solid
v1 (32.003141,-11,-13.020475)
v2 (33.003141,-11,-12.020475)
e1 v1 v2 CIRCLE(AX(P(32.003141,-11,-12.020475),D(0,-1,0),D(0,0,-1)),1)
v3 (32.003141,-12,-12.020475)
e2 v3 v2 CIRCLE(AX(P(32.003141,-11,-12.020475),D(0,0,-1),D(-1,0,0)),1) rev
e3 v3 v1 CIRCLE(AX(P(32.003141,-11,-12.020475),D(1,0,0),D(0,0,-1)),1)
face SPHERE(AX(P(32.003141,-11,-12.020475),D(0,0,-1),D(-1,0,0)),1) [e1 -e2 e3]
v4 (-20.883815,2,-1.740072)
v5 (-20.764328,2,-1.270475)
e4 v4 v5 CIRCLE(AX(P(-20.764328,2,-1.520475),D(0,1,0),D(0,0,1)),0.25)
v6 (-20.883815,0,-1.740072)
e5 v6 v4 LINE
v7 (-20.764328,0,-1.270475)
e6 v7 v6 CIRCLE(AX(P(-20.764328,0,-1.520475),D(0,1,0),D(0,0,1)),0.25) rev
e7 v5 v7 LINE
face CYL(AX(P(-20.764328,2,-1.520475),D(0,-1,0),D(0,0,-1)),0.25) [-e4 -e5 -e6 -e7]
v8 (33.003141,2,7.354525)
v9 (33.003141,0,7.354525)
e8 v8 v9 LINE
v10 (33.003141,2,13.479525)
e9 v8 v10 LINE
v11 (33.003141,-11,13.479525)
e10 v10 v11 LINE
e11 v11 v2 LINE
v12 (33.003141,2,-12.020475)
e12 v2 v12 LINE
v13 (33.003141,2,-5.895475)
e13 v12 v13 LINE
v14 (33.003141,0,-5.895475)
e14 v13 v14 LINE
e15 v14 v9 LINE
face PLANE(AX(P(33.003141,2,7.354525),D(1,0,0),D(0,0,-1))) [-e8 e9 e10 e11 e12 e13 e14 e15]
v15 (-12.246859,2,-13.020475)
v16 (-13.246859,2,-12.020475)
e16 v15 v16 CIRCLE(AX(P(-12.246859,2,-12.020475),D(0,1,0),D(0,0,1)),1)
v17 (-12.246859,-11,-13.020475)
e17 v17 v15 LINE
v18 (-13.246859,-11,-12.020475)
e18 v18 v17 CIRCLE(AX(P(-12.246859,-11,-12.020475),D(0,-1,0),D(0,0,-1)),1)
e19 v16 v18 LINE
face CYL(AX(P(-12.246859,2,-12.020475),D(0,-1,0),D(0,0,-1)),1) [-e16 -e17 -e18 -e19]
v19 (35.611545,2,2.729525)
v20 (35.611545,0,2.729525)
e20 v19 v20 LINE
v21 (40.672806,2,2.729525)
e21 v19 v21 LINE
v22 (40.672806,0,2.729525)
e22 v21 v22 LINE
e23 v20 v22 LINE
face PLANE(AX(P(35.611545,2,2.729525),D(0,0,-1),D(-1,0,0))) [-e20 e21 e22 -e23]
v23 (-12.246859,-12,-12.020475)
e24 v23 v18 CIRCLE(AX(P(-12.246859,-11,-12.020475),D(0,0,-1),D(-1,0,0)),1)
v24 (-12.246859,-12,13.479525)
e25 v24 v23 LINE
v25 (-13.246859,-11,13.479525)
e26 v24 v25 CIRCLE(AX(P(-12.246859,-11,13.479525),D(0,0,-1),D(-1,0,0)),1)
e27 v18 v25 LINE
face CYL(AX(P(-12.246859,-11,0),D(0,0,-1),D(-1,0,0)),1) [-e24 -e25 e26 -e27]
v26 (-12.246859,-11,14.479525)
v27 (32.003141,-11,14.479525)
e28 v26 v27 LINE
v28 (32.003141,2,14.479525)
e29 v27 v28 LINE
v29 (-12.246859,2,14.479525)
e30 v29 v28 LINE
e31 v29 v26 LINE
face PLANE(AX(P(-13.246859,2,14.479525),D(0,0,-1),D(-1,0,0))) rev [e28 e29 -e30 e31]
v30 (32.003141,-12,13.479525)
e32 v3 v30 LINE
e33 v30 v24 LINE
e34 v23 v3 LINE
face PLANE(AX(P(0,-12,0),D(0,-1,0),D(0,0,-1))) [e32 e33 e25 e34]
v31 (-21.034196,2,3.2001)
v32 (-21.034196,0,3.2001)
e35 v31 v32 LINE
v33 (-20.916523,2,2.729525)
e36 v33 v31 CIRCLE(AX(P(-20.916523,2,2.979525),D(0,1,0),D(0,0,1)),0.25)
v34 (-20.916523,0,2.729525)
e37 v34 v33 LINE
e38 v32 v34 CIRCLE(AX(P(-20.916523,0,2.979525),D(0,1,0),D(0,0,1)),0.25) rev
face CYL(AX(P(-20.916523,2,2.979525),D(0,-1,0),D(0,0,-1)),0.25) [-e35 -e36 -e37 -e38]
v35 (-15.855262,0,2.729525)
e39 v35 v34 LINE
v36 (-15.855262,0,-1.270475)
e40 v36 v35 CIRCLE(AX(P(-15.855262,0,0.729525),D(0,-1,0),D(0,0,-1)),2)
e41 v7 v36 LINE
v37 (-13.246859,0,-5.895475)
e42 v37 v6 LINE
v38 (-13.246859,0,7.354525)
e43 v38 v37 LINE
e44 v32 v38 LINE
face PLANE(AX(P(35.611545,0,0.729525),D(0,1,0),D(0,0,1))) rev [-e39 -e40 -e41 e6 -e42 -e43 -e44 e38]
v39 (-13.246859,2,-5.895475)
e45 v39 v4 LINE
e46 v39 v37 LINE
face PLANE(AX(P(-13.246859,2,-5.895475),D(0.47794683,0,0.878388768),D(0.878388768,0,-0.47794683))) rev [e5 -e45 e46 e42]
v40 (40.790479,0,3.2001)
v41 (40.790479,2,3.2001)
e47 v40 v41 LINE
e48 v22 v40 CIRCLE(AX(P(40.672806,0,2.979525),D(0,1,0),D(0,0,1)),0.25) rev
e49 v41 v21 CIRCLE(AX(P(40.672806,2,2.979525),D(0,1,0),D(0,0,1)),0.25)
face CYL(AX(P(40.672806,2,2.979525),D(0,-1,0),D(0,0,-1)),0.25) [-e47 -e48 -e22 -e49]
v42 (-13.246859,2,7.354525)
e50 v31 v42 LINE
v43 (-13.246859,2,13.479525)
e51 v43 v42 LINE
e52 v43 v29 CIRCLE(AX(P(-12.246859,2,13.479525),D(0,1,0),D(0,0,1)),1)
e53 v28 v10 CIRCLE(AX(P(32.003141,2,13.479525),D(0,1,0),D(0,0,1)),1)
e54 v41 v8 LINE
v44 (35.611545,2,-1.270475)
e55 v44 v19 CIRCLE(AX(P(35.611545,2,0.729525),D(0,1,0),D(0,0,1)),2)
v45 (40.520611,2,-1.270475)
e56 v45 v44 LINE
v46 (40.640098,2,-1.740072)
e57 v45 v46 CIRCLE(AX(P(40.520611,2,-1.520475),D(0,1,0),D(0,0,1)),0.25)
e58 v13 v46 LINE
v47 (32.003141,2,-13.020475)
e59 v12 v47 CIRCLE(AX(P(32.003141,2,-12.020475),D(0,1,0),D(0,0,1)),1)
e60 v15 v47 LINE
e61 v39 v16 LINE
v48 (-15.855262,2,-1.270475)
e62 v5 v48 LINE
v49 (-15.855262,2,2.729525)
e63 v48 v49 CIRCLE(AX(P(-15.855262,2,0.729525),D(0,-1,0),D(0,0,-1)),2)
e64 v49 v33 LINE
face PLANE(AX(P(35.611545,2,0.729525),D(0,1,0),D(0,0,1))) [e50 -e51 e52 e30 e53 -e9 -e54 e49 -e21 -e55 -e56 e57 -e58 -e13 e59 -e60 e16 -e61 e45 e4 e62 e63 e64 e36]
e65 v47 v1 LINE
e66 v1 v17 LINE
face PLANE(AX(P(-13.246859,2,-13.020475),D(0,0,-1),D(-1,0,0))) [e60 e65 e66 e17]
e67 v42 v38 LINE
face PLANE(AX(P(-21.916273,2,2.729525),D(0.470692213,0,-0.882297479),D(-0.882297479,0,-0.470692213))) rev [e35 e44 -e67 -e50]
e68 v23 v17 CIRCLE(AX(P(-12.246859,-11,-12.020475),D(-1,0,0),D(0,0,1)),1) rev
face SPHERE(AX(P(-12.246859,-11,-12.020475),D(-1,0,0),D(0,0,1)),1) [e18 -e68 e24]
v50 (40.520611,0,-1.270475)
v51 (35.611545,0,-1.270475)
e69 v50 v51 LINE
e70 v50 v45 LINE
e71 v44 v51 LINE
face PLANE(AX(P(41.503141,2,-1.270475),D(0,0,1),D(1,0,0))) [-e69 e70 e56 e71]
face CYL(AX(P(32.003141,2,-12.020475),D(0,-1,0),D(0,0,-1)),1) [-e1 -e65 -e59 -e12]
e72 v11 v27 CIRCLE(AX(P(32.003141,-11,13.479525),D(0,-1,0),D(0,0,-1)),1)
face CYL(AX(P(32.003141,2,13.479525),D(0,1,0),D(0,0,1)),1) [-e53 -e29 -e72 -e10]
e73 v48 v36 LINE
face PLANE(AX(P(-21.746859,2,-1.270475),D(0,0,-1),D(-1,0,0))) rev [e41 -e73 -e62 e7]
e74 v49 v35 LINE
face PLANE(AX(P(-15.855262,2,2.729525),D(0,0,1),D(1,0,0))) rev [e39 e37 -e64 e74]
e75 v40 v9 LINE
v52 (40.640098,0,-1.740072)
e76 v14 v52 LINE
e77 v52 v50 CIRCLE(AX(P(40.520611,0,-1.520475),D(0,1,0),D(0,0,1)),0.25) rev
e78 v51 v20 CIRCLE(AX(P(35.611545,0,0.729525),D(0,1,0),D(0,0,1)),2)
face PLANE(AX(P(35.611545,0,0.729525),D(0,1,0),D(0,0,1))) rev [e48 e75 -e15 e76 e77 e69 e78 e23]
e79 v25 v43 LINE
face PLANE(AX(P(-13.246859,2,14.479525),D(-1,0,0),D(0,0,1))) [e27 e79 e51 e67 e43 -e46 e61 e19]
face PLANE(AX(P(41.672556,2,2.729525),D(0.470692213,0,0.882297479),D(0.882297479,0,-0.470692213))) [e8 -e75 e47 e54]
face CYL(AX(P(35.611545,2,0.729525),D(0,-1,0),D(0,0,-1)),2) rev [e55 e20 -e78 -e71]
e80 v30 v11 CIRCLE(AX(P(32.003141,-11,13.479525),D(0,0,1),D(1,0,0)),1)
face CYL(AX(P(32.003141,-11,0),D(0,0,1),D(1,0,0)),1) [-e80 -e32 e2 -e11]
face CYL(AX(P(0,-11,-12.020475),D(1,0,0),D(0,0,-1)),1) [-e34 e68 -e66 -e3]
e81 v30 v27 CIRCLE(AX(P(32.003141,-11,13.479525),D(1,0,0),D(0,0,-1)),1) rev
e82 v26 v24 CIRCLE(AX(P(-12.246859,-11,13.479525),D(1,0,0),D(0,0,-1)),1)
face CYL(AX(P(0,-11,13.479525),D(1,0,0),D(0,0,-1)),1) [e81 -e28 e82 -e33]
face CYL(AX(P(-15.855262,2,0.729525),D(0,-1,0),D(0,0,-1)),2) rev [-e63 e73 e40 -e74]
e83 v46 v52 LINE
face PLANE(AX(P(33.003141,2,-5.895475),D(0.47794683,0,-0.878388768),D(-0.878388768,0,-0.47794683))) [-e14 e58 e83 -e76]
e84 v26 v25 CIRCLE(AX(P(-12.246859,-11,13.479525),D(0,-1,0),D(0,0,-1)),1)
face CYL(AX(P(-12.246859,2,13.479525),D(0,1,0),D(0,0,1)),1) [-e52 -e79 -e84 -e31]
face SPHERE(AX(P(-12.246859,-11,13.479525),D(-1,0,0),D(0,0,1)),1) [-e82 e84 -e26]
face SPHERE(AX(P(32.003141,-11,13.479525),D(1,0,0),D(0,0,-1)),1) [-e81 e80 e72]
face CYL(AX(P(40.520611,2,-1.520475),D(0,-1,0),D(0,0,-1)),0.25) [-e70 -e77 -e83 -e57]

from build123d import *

# Parameters (mm, degrees)
BOSS_EXTRUDE3_DEPTH = 2
SKETCH4_W           = 46.25
SKETCH4_H           = 27.5
BOSS_EXTRUDE4_DEPTH = 12
FILLET1_R           = 1
FILLET2_R           = 1
FILLET3_R           = 0.25


with BuildPart() as part:
    # Sketch1 → Boss-Extrude3 (new body)
    with BuildSketch(Plane(origin=(0, 0, 0), x_dir=(1, 0, 0), z_dir=(0, 1, 0))):
        with BuildLine():
            Line((33.003141421, 5.895474545), (41.503141421, 1.270474545))
            Line((41.503141421, 1.270474545), (35.611544818, 1.270474545))
            ThreePointArc((35.611544818, 1.270474545), (33.611544818, -0.729525455), (35.611544818, -2.729525455))
            Line((35.611544818, -2.729525455), (41.672555807, -2.729525455))
            Line((41.672555807, -2.729525455), (33.003141421, -7.354525455))
            Line((33.003141421, -7.354525455), (33.003141421, -14.479525455))
            Line((33.003141421, -14.479525455), (-13.246858579, -14.479525455))
            Line((-13.246858579, -14.479525455), (-13.246858579, -7.354525455))
            Line((-13.246858579, -7.354525455), (-21.916272965, -2.729525455))
            Line((-21.916272965, -2.729525455), (-15.855261975, -2.729525455))
            ThreePointArc((-15.855261975, -2.729525455), (-13.855261975, -0.729525455), (-15.855261975, 1.270474545))
            Line((-15.855261975, 1.270474545), (-21.746858579, 1.270474545))
            Line((-21.746858579, 1.270474545), (-13.246858579, 5.895474545))
            Line((-13.246858579, 5.895474545), (-13.246858579, 13.020474545))
            Line((-13.246858579, 13.020474545), (33.003141421, 13.020474545))
            Line((33.003141421, 13.020474545), (33.003141421, 5.895474545))
        make_face()
    extrude(amount=BOSS_EXTRUDE3_DEPTH)

    # Sketch4 → Boss-Extrude4 (add)
    with BuildSketch(Plane.XZ):
        with Locations((9.878141421, 0.729525455)):
            Rectangle(SKETCH4_W, SKETCH4_H)
    extrude(amount=BOSS_EXTRUDE4_DEPTH)

    # Fillet1
    fillet1_edges = [part.edges().sort_by_distance(p)[0] for p in [
        (9.878141421, -12, 14.479525455),
    ]]
    fillet(fillet1_edges, radius=FILLET1_R)

    # Fillet2
    fillet2_edges = [part.edges().sort_by_distance(p)[0] for p in [
        (-13.246858579, -4.5, 14.479525455),
        (33.003141421, -4.5, 14.479525455),
        (33.003141421, -5, -13.020474545),
        (-13.246858579, -5, -13.020474545),
        (9.878141421, -12, -13.020474545),
        (33.003141421, -12, 0.229525455),
        (-13.246858579, -12, 0.229525455),
        (-13.246858579, -11.707106781, 14.186632236),
        (33.003141421, -11.707106781, 14.186632236),
    ]]
    fillet(fillet2_edges, radius=FILLET2_R)

    # Fillet3
    fillet3_edges = [part.edges().sort_by_distance(p)[0] for p in [
        (-21.746858579, 1, -1.270474545),
        (-21.916272965, 1, 2.729525455),
        (41.672555807, 1, 2.729525455),
        (41.503141421, 1, -1.270474545),
    ]]
    fillet(fillet3_edges, radius=FILLET3_R)


solid = part.part
